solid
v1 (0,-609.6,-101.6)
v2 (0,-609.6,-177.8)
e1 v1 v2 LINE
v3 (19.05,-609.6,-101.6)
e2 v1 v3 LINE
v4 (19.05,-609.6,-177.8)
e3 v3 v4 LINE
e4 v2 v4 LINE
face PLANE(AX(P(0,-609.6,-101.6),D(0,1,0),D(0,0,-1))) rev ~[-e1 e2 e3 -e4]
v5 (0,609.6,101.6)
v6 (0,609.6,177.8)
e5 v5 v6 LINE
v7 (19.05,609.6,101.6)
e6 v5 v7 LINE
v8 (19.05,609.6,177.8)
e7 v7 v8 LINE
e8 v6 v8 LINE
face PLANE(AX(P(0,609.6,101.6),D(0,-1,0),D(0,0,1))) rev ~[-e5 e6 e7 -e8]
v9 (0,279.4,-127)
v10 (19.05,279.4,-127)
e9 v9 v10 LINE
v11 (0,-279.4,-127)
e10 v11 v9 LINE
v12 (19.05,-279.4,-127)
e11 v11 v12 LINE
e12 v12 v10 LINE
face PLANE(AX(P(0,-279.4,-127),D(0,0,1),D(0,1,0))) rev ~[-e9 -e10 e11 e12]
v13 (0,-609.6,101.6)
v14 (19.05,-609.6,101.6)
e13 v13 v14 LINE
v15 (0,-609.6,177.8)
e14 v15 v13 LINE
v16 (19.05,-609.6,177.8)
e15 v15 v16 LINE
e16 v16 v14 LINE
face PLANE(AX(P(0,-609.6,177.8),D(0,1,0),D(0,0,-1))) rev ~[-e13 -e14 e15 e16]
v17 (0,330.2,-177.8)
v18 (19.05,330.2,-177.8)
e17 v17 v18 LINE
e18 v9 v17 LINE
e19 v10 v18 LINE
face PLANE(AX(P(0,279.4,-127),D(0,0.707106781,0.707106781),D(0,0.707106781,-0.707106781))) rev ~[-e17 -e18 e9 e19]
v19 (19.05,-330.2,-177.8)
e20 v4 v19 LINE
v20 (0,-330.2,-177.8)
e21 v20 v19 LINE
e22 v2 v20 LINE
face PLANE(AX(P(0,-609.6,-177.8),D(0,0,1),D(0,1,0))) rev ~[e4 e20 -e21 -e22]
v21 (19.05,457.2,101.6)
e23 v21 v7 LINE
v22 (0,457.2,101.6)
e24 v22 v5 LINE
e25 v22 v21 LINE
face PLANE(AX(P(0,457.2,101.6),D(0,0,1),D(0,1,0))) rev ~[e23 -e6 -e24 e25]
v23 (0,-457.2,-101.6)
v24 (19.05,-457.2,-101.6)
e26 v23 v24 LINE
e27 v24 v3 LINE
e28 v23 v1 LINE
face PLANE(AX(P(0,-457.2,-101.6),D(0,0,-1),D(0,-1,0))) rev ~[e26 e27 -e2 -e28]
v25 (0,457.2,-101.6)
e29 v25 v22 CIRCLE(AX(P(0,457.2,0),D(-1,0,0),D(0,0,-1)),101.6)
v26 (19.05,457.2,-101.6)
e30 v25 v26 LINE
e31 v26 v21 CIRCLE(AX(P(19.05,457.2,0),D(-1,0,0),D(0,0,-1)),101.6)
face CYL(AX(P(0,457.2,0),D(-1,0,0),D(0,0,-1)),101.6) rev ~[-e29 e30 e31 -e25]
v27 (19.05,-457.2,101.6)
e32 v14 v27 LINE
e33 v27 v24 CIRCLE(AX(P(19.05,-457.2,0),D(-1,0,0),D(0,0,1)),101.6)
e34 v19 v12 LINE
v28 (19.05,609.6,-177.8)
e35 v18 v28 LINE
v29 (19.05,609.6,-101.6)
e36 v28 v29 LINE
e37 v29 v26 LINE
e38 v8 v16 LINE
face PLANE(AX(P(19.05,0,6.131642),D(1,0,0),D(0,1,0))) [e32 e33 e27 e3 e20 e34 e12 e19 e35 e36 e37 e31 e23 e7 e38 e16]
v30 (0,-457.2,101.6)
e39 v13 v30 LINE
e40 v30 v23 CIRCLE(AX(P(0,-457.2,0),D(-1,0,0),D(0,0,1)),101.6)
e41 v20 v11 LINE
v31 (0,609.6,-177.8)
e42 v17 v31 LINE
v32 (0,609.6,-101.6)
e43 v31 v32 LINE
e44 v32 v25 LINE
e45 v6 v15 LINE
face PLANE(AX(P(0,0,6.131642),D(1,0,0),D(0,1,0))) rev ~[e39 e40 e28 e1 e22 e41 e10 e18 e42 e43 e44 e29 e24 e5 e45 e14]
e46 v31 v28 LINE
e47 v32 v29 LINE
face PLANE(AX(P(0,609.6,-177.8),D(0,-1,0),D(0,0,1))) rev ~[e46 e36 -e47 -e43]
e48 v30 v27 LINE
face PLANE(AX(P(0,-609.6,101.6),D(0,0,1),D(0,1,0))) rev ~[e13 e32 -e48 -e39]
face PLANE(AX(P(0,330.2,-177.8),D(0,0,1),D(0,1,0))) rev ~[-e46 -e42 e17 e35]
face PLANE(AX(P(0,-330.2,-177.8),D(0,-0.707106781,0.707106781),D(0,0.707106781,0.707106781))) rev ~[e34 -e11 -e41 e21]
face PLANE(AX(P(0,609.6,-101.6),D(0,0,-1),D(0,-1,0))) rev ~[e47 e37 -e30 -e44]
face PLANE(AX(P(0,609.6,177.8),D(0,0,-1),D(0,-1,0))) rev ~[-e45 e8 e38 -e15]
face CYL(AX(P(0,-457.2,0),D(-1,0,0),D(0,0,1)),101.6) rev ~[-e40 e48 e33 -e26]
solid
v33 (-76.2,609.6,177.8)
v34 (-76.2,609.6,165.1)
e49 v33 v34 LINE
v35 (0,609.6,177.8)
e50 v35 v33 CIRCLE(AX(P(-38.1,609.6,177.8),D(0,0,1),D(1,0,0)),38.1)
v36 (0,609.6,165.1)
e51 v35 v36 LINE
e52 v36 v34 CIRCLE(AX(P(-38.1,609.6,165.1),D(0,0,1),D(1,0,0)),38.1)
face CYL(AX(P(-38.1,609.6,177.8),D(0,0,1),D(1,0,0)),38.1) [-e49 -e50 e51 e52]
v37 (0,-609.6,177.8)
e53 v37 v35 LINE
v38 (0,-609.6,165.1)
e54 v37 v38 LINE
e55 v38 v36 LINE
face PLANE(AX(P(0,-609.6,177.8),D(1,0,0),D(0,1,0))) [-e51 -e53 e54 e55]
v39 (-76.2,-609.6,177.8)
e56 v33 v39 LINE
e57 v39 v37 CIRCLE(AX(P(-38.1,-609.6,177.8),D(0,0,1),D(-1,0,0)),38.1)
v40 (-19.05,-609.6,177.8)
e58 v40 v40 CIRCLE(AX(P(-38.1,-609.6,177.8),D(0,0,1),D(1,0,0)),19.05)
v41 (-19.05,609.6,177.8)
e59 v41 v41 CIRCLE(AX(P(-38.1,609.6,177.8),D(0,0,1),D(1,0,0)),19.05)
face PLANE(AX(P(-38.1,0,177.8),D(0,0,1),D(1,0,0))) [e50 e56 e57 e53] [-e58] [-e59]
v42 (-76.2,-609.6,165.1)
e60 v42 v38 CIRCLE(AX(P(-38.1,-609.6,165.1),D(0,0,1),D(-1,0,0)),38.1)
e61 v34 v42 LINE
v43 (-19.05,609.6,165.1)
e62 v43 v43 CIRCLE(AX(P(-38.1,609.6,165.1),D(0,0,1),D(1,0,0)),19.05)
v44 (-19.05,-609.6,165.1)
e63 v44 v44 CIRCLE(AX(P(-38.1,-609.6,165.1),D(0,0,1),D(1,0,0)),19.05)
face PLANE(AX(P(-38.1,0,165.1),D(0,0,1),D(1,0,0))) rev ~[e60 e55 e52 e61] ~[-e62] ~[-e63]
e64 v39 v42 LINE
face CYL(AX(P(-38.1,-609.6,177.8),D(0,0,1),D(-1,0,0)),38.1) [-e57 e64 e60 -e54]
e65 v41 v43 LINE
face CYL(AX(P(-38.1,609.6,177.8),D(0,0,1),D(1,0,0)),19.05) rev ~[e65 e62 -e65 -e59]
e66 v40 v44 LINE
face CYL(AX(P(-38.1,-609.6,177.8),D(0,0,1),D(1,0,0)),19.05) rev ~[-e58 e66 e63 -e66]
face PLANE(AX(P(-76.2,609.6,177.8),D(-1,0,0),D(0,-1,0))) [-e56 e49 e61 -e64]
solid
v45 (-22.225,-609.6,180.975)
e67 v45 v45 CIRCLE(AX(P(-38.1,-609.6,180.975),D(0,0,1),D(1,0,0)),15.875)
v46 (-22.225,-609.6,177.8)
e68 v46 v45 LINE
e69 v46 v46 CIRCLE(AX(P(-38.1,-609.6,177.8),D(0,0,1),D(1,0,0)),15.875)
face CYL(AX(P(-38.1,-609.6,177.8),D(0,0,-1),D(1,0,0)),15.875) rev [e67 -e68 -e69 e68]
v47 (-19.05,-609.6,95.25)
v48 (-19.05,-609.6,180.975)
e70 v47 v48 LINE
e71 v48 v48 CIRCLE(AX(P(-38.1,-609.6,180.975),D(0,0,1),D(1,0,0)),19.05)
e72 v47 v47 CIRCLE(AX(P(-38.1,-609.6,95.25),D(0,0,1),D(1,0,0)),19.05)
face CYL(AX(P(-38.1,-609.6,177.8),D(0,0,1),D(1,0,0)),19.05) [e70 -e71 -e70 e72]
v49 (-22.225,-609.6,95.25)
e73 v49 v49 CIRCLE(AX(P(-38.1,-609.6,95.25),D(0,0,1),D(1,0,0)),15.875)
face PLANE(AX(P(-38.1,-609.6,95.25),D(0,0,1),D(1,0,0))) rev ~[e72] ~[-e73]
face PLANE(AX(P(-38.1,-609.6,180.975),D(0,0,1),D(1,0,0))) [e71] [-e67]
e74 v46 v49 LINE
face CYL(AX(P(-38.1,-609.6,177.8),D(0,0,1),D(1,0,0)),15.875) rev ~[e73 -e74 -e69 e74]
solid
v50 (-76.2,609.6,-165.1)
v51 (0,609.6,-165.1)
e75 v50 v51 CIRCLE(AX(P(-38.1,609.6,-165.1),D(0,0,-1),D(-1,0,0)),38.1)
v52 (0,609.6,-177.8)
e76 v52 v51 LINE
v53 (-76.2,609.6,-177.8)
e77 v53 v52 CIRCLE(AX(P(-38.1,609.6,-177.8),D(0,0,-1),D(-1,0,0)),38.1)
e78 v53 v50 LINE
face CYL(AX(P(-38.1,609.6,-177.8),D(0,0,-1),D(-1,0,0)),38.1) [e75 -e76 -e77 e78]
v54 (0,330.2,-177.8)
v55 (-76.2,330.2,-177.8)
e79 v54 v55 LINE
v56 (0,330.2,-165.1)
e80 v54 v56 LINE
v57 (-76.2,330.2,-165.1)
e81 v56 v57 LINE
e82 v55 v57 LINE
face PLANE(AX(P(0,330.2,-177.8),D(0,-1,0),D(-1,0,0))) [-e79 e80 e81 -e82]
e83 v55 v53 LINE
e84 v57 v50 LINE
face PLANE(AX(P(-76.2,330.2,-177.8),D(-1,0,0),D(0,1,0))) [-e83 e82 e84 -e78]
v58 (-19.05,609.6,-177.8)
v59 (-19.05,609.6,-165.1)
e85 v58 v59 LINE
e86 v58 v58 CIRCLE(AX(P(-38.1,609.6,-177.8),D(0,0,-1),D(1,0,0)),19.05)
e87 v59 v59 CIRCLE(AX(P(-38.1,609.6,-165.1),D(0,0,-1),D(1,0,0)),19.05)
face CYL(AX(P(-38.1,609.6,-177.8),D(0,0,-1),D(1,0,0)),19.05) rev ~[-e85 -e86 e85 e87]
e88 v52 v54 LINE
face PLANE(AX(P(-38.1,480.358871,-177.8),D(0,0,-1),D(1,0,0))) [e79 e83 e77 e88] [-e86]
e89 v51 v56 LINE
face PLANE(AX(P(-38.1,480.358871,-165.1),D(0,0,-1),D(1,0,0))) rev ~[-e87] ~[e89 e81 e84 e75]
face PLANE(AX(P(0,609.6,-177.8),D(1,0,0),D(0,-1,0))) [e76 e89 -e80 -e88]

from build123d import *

# Parameters (mm, degrees)
F1_DEPTH      = 19.05
F2_R          = 19.05
F3_DEPTH      = 12.7
F4_R          = 19.05
F5_DEPTH      = 12.7
F6_R          = 19.05
F6_R_2        = 15.875
F7_DEPTH      = 3.175
F7_DEPTH_BACK = 82.55


with BuildPart() as f1:
    # F0 (on Right) → F1 (new body)
    with BuildSketch(Plane.YZ):
        with BuildLine():
            Line((609.6, 177.8), (-609.6, 177.8))
            Line((-609.6, 177.8), (-609.6, 101.6))
            Line((-609.6, 101.6), (-457.2, 101.6))
            ThreePointArc((-457.2, 101.6), (-355.6, 0), (-457.2, -101.6))
            Line((-457.2, -101.6), (-609.6, -101.6))
            Line((-609.6, -101.6), (-609.6, -177.8))
            Line((-609.6, -177.8), (-330.2, -177.8))
            Line((-330.2, -177.8), (-279.4, -127))
            Line((-279.4, -127), (279.4, -127))
            Line((279.4, -127), (330.2, -177.8))
            Line((330.2, -177.8), (609.6, -177.8))
            Line((609.6, -177.8), (609.6, -101.6))
            Line((609.6, -101.6), (457.2, -101.6))
            ThreePointArc((457.2, -101.6), (355.6, 0), (457.2, 101.6))
            Line((457.2, 101.6), (609.6, 101.6))
            Line((609.6, 101.6), (609.6, 177.8))
        make_face()
    extrude(amount=F1_DEPTH)


with BuildPart() as f3:
    # F2 (on face) → F3 (new body)
    with BuildSketch(Plane.XY.offset(177.8)):
        with BuildLine():
            ThreePointArc((-76.2, -609.6), (-38.1, -647.7), (0, -609.6))
            Line((0, -609.6), (0, 609.6))
            ThreePointArc((0, 609.6), (-38.1, 647.7), (-76.2, 609.6))
            Line((-76.2, 609.6), (-76.2, -609.6))
        make_face()
        with Locations((-38.1, -609.6)):
            Circle(F2_R, mode=Mode.SUBTRACT)
        with Locations((-38.1, 609.6)):
            Circle(F2_R, mode=Mode.SUBTRACT)
    extrude(amount=-F3_DEPTH)


with BuildPart() as f5:
    # F4 (on face) → F5 (new body)
    with BuildSketch(Plane(origin=(0, 0, -177.8), x_dir=(1, 0, 0), z_dir=(0, 0, -1))):
        with BuildLine():
            Line((0, -609.6), (0, -330.2))
            Line((0, -330.2), (-76.2, -330.2))
            Line((-76.2, -330.2), (-76.2, -609.6))
            ThreePointArc((-76.2, -609.6), (-38.1, -647.7), (0, -609.6))
        make_face()
        with Locations((-38.1, -609.6)):
            Circle(F4_R, mode=Mode.SUBTRACT)
    extrude(amount=-F5_DEPTH)


with BuildPart() as f7:
    # F6 (on face) → F7 (new body, two sides)
    with BuildSketch(Plane.XY.offset(177.8)) as f7_sk:
        with Locations((-38.1, -609.6)):
            Circle(F6_R)
        with Locations((-38.1, -609.6)):
            Circle(F6_R_2, mode=Mode.SUBTRACT)
    extrude(amount=F7_DEPTH)
    extrude(f7_sk.sketch, amount=-F7_DEPTH_BACK)


solid = Compound([f1.part, f3.part, f5.part, f7.part])
